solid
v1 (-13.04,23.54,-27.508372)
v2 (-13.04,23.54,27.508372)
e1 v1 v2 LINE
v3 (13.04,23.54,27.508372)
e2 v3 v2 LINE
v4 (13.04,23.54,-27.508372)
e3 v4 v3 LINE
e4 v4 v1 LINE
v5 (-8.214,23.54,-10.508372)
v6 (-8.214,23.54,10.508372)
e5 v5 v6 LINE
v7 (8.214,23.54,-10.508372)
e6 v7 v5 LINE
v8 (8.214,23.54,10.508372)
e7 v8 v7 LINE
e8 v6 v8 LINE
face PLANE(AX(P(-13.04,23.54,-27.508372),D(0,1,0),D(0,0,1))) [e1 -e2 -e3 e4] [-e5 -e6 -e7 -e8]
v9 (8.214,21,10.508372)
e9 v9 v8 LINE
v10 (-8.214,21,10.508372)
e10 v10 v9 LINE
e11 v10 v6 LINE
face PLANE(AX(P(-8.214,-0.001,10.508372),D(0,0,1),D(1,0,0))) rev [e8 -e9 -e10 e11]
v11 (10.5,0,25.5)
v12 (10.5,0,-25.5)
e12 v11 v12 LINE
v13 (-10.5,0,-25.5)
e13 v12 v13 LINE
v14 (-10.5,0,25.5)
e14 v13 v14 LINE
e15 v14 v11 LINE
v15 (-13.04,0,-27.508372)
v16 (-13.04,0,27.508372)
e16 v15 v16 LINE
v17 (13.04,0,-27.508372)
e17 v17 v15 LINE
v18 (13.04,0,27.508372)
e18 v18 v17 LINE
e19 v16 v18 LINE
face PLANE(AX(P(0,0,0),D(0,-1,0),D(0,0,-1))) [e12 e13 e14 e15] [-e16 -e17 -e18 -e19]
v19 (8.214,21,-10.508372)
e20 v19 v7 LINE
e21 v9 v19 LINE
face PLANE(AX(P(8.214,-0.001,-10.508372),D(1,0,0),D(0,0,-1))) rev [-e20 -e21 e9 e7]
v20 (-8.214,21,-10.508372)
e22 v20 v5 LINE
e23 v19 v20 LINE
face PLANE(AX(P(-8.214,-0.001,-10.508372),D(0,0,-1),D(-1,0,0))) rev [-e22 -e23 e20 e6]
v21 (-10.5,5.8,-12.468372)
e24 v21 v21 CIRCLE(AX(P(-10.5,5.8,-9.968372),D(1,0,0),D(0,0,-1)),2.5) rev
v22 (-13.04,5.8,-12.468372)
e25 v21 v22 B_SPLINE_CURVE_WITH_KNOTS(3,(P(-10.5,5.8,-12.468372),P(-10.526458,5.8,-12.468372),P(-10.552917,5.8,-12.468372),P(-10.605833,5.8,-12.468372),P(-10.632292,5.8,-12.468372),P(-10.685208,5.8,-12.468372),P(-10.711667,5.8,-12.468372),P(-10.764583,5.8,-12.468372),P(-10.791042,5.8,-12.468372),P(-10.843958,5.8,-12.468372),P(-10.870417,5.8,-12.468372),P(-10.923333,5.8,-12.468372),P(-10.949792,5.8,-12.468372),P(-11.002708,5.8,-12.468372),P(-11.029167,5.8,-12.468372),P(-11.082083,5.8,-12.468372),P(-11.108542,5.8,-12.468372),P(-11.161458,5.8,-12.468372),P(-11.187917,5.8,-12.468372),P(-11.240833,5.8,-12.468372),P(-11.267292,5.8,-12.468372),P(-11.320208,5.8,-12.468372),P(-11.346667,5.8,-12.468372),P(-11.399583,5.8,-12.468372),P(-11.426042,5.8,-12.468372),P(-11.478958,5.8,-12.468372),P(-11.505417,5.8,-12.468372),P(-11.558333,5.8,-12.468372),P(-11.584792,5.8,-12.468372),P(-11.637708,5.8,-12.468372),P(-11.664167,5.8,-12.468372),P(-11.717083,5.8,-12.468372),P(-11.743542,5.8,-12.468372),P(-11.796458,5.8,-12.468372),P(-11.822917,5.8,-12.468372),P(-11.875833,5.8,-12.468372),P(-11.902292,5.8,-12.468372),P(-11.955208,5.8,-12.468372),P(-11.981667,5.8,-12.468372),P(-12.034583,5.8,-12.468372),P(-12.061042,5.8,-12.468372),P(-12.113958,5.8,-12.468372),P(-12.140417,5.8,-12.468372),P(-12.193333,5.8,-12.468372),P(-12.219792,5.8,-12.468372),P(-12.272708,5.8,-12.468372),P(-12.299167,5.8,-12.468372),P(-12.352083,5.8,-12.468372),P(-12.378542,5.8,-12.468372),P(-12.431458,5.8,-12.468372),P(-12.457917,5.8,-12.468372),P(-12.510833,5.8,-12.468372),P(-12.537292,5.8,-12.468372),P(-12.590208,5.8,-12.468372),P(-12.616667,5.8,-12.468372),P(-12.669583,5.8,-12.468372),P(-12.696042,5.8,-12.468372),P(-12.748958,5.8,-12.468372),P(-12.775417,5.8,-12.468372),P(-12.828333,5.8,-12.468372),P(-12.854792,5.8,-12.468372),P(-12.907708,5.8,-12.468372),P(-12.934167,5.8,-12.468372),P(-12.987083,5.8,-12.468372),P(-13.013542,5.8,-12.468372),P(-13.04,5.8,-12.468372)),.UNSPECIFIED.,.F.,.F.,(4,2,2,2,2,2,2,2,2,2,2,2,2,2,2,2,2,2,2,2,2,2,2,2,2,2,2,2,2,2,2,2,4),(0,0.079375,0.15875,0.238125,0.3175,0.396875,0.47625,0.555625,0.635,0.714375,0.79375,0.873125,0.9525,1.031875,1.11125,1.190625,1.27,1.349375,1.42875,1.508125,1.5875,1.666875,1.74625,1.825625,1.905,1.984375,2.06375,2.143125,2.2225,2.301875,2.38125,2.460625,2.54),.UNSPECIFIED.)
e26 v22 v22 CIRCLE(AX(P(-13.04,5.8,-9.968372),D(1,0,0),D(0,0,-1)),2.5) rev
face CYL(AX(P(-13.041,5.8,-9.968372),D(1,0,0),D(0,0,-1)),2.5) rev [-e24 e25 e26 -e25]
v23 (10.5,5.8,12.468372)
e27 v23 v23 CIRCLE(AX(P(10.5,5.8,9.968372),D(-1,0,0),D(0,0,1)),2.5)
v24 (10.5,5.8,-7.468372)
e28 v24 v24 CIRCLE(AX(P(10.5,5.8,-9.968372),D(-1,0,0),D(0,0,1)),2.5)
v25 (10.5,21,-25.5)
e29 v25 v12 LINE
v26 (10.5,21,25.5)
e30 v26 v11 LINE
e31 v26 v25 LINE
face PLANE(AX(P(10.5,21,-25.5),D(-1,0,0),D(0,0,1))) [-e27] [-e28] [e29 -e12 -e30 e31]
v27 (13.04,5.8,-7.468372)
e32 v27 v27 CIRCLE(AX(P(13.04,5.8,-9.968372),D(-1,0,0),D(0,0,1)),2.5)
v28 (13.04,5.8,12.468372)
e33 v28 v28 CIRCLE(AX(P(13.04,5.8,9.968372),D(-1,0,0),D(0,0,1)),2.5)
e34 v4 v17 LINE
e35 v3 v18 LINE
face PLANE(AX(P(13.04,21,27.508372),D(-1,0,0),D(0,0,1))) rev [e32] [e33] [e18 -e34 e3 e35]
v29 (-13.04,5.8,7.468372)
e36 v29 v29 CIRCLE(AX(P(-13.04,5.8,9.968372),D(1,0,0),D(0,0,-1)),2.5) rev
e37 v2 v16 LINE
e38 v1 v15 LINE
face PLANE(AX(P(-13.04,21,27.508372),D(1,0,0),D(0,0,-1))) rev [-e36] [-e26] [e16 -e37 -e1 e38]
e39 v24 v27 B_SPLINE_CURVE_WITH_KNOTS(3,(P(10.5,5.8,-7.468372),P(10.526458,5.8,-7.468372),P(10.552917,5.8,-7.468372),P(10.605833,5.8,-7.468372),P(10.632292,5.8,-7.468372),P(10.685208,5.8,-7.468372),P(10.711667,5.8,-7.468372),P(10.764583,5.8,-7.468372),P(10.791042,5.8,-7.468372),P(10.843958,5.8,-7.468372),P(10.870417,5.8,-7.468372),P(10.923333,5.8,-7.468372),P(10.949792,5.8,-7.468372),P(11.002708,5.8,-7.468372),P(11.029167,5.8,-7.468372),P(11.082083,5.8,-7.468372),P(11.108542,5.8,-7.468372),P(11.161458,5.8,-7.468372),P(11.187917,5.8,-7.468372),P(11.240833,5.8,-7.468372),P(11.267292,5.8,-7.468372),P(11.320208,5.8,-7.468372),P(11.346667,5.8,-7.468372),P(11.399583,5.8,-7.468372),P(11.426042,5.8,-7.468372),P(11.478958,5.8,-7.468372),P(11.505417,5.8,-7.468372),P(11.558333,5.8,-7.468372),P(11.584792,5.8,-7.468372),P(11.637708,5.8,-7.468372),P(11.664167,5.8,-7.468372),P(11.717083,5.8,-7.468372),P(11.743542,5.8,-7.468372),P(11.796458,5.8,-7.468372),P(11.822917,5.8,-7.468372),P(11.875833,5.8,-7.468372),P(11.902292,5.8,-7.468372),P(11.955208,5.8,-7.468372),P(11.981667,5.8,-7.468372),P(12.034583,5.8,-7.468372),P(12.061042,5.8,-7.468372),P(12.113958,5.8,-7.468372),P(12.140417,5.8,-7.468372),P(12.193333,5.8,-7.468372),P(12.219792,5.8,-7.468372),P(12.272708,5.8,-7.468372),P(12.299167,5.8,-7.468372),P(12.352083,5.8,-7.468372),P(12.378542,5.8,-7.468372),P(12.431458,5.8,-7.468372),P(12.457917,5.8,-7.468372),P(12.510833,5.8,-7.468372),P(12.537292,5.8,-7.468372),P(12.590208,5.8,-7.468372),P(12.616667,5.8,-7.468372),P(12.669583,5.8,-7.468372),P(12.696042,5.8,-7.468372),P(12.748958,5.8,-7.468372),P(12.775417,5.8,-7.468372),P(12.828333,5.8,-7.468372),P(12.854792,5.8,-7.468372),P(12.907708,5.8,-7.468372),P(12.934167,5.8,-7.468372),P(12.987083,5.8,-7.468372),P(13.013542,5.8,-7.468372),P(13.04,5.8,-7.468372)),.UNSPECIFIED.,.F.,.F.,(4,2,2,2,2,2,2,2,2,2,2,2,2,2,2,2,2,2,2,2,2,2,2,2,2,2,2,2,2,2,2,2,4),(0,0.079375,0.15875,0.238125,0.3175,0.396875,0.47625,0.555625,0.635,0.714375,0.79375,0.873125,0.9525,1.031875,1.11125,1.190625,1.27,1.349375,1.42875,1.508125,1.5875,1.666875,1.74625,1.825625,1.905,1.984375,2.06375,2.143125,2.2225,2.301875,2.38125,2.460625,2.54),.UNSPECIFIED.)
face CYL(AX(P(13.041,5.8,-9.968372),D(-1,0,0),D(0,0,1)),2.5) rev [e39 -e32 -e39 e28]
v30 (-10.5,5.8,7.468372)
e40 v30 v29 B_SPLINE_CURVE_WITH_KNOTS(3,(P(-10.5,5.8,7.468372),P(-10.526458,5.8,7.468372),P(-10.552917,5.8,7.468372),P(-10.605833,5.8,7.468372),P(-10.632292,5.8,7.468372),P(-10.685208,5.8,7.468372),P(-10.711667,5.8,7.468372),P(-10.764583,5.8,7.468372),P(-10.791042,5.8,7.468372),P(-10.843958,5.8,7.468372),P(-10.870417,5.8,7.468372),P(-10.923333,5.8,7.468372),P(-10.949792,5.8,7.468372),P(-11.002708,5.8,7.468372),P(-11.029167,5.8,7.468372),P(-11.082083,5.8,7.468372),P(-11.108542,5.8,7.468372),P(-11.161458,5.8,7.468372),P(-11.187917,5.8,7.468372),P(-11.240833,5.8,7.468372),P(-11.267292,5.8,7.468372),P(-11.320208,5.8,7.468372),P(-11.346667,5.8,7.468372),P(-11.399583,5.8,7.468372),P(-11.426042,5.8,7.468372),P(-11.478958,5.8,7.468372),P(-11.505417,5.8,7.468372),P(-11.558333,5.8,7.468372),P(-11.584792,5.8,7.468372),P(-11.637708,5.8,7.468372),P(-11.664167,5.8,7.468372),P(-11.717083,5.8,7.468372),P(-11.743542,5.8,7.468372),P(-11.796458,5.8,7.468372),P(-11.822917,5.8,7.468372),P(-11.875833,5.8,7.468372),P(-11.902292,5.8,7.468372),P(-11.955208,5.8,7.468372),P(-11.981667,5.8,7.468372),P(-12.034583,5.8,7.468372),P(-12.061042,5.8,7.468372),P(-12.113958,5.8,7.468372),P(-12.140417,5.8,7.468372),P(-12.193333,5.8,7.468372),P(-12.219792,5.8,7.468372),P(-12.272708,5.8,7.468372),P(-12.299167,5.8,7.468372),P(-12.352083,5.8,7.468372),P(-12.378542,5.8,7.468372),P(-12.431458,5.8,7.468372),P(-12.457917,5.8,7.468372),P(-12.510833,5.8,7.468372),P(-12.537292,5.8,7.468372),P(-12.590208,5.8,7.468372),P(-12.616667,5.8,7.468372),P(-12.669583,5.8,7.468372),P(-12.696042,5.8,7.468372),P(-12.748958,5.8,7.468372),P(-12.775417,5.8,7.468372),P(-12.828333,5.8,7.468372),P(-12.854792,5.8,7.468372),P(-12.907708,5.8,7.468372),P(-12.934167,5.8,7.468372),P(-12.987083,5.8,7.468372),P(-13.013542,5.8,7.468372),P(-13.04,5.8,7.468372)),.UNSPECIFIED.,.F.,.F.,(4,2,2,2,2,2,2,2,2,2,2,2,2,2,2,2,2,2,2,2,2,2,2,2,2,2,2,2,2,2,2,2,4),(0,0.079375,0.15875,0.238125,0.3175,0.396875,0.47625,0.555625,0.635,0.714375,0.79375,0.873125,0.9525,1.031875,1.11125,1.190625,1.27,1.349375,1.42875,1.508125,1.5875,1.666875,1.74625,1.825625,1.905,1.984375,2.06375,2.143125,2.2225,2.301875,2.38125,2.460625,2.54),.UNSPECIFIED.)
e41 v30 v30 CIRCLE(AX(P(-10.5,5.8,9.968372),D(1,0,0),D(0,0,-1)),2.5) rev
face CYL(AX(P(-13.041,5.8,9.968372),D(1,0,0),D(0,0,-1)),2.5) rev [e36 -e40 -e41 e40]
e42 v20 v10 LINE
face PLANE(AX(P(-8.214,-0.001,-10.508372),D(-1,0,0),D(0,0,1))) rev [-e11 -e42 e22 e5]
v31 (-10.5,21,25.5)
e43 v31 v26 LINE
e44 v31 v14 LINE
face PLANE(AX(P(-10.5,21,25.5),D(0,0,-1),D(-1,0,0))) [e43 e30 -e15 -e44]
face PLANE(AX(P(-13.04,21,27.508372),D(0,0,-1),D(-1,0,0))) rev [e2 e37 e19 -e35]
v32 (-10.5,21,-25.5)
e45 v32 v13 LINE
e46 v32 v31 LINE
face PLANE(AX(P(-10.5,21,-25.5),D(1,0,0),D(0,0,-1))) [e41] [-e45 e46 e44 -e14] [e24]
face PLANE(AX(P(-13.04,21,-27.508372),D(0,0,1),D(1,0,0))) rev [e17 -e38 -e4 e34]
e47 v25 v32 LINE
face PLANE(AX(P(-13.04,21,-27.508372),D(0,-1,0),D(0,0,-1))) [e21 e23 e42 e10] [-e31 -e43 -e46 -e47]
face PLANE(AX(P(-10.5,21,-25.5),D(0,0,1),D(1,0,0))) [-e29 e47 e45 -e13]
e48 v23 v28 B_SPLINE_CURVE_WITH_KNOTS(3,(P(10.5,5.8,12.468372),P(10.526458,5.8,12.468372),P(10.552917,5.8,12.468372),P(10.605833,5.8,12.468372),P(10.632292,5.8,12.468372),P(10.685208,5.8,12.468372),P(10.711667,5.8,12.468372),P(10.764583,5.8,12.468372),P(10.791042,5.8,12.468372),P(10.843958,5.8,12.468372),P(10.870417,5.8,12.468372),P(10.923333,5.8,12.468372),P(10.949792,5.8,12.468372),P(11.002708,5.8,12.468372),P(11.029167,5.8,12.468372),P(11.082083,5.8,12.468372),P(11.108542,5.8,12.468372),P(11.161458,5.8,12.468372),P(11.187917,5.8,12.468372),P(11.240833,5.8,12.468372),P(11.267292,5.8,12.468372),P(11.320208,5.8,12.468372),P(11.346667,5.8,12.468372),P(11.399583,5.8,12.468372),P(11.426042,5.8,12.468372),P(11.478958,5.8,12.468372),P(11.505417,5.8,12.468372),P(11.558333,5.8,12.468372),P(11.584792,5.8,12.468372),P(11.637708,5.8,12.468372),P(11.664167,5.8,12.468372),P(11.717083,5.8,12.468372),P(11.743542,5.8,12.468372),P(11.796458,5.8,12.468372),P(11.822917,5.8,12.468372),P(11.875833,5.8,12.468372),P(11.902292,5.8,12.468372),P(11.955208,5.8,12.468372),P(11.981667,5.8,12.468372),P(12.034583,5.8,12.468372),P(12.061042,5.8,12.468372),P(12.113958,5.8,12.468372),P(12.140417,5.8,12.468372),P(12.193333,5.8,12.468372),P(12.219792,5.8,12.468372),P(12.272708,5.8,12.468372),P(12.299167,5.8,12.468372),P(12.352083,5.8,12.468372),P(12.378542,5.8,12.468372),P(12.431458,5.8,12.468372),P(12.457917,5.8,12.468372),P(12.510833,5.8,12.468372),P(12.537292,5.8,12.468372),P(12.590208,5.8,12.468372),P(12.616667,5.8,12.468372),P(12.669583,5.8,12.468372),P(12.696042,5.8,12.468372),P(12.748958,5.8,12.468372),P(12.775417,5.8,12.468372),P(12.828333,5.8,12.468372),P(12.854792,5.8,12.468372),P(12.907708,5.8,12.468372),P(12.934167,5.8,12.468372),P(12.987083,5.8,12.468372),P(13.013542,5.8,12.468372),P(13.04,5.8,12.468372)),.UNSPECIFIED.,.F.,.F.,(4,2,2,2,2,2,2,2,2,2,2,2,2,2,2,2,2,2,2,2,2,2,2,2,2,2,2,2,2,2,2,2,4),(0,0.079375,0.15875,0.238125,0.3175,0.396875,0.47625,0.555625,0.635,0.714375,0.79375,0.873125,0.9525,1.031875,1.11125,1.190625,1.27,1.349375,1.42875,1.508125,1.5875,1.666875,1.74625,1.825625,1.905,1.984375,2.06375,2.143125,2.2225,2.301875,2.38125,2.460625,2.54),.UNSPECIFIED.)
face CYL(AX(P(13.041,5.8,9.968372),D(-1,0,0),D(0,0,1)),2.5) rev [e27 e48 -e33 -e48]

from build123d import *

# Parameters (mm, degrees)
SKETCH1_W                      = 26.08
SKETCH1_H                      = 55.016744186
SKETCH1_W_2                    = 21
SKETCH1_H_2                    = 51
BOSS_EXTRUDE1_DEPTH            = 21
SKETCH3_W                      = 26.08
SKETCH3_H                      = 2.54
BOSS_EXTRUDE2_DEPTH            = 55.016744
CUT_EXTRUDE1_REACH             = 40.482
SKETCH4_W                      = 16.428
SKETCH4_H                      = 21.016744186
CUT_EXTRUDE2_REACH             = 40.482
SKETCH5_R                      = 2.5
CUT_EXTRUDE2_DIRECTION_2_REACH = 40.482


with BuildPart() as part:
    # Sketch1 → Boss-Extrude1 (new body)
    with BuildSketch(Plane(origin=(0, 0, 0), x_dir=(1, 0, 0), z_dir=(0, 1, 0))):
        Rectangle(SKETCH1_W, SKETCH1_H)
        Rectangle(SKETCH1_W_2, SKETCH1_H_2, mode=Mode.SUBTRACT)
    extrude(amount=BOSS_EXTRUDE1_DEPTH)

    # Sketch3 → Boss-Extrude2 (add, through all)
    with BuildSketch(Plane.XY.offset(27.508372093)):
        with Locations((0, 22.27)):
            Rectangle(SKETCH3_W, SKETCH3_H)
    extrude(amount=-BOSS_EXTRUDE2_DEPTH)

    # Sketch4 → Cut-Extrude1 (cut, up to next)
    with BuildSketch(Plane(origin=(0, 23.54, 0), x_dir=(1, 0, 0), z_dir=(0, 1, 0)), mode=Mode.PRIVATE) as cut_extrude1_sk1:
        Rectangle(SKETCH4_W, SKETCH4_H)
    cut_extrude1_tool1 = extrude(cut_extrude1_sk1.sketch, amount=-CUT_EXTRUDE1_REACH, mode=Mode.PRIVATE) & part.part
    add(cut_extrude1_tool1.solids().sort_by_distance((0, 23.54, 0))[0], mode=Mode.SUBTRACT)

    # Sketch5 → Cut-Extrude2 (cut, up to next)
    with BuildSketch(Plane(origin=(0, 0, 0), x_dir=(0, 0, -1), z_dir=(1, 0, 0)), mode=Mode.PRIVATE) as cut_extrude2_sk1:
        with Locations((-9.968372093, 5.8)):
            Circle(SKETCH5_R)
    cut_extrude2_tool1 = extrude(cut_extrude2_sk1.sketch, amount=-CUT_EXTRUDE2_REACH, mode=Mode.PRIVATE) & part.part
    # Sketch5 → Cut-Extrude2 (cut, up to next)
    with BuildSketch(Plane(origin=(0, 0, 0), x_dir=(0, 0, -1), z_dir=(1, 0, 0)), mode=Mode.PRIVATE) as cut_extrude2_sk2:
        with Locations((9.968372093, 5.8)):
            Circle(SKETCH5_R)
    cut_extrude2_tool2 = extrude(cut_extrude2_sk2.sketch, amount=-CUT_EXTRUDE2_REACH, mode=Mode.PRIVATE) & part.part
    add(cut_extrude2_tool1.solids().sort_by_distance((0, 5.8, 9.968372))[0], mode=Mode.SUBTRACT)
    add(cut_extrude2_tool2.solids().sort_by_distance((0, 5.8, -9.968372))[0], mode=Mode.SUBTRACT)

    # Sketch5 → Cut-Extrude2 direction 2 (cut, up to next)
    with BuildSketch(Plane(origin=(0, 0, 0), x_dir=(0, 0, -1), z_dir=(1, 0, 0)), mode=Mode.PRIVATE) as cut_extrude2_direction_2_sk1:
        with Locations((-9.968372093, 5.8)):
            Circle(SKETCH5_R)
    cut_extrude2_direction_2_tool1 = extrude(cut_extrude2_direction_2_sk1.sketch, amount=CUT_EXTRUDE2_DIRECTION_2_REACH, mode=Mode.PRIVATE) & part.part
    # Sketch5 → Cut-Extrude2 direction 2 (cut, up to next)
    with BuildSketch(Plane(origin=(0, 0, 0), x_dir=(0, 0, -1), z_dir=(1, 0, 0)), mode=Mode.PRIVATE) as cut_extrude2_direction_2_sk2:
        with Locations((9.968372093, 5.8)):
            Circle(SKETCH5_R)
    cut_extrude2_direction_2_tool2 = extrude(cut_extrude2_direction_2_sk2.sketch, amount=CUT_EXTRUDE2_DIRECTION_2_REACH, mode=Mode.PRIVATE) & part.part
    add(cut_extrude2_direction_2_tool1.solids().sort_by_distance((0, 5.8, 9.968372))[0], mode=Mode.SUBTRACT)
    add(cut_extrude2_direction_2_tool2.solids().sort_by_distance((0, 5.8, -9.968372))[0], mode=Mode.SUBTRACT)


solid = part.part
